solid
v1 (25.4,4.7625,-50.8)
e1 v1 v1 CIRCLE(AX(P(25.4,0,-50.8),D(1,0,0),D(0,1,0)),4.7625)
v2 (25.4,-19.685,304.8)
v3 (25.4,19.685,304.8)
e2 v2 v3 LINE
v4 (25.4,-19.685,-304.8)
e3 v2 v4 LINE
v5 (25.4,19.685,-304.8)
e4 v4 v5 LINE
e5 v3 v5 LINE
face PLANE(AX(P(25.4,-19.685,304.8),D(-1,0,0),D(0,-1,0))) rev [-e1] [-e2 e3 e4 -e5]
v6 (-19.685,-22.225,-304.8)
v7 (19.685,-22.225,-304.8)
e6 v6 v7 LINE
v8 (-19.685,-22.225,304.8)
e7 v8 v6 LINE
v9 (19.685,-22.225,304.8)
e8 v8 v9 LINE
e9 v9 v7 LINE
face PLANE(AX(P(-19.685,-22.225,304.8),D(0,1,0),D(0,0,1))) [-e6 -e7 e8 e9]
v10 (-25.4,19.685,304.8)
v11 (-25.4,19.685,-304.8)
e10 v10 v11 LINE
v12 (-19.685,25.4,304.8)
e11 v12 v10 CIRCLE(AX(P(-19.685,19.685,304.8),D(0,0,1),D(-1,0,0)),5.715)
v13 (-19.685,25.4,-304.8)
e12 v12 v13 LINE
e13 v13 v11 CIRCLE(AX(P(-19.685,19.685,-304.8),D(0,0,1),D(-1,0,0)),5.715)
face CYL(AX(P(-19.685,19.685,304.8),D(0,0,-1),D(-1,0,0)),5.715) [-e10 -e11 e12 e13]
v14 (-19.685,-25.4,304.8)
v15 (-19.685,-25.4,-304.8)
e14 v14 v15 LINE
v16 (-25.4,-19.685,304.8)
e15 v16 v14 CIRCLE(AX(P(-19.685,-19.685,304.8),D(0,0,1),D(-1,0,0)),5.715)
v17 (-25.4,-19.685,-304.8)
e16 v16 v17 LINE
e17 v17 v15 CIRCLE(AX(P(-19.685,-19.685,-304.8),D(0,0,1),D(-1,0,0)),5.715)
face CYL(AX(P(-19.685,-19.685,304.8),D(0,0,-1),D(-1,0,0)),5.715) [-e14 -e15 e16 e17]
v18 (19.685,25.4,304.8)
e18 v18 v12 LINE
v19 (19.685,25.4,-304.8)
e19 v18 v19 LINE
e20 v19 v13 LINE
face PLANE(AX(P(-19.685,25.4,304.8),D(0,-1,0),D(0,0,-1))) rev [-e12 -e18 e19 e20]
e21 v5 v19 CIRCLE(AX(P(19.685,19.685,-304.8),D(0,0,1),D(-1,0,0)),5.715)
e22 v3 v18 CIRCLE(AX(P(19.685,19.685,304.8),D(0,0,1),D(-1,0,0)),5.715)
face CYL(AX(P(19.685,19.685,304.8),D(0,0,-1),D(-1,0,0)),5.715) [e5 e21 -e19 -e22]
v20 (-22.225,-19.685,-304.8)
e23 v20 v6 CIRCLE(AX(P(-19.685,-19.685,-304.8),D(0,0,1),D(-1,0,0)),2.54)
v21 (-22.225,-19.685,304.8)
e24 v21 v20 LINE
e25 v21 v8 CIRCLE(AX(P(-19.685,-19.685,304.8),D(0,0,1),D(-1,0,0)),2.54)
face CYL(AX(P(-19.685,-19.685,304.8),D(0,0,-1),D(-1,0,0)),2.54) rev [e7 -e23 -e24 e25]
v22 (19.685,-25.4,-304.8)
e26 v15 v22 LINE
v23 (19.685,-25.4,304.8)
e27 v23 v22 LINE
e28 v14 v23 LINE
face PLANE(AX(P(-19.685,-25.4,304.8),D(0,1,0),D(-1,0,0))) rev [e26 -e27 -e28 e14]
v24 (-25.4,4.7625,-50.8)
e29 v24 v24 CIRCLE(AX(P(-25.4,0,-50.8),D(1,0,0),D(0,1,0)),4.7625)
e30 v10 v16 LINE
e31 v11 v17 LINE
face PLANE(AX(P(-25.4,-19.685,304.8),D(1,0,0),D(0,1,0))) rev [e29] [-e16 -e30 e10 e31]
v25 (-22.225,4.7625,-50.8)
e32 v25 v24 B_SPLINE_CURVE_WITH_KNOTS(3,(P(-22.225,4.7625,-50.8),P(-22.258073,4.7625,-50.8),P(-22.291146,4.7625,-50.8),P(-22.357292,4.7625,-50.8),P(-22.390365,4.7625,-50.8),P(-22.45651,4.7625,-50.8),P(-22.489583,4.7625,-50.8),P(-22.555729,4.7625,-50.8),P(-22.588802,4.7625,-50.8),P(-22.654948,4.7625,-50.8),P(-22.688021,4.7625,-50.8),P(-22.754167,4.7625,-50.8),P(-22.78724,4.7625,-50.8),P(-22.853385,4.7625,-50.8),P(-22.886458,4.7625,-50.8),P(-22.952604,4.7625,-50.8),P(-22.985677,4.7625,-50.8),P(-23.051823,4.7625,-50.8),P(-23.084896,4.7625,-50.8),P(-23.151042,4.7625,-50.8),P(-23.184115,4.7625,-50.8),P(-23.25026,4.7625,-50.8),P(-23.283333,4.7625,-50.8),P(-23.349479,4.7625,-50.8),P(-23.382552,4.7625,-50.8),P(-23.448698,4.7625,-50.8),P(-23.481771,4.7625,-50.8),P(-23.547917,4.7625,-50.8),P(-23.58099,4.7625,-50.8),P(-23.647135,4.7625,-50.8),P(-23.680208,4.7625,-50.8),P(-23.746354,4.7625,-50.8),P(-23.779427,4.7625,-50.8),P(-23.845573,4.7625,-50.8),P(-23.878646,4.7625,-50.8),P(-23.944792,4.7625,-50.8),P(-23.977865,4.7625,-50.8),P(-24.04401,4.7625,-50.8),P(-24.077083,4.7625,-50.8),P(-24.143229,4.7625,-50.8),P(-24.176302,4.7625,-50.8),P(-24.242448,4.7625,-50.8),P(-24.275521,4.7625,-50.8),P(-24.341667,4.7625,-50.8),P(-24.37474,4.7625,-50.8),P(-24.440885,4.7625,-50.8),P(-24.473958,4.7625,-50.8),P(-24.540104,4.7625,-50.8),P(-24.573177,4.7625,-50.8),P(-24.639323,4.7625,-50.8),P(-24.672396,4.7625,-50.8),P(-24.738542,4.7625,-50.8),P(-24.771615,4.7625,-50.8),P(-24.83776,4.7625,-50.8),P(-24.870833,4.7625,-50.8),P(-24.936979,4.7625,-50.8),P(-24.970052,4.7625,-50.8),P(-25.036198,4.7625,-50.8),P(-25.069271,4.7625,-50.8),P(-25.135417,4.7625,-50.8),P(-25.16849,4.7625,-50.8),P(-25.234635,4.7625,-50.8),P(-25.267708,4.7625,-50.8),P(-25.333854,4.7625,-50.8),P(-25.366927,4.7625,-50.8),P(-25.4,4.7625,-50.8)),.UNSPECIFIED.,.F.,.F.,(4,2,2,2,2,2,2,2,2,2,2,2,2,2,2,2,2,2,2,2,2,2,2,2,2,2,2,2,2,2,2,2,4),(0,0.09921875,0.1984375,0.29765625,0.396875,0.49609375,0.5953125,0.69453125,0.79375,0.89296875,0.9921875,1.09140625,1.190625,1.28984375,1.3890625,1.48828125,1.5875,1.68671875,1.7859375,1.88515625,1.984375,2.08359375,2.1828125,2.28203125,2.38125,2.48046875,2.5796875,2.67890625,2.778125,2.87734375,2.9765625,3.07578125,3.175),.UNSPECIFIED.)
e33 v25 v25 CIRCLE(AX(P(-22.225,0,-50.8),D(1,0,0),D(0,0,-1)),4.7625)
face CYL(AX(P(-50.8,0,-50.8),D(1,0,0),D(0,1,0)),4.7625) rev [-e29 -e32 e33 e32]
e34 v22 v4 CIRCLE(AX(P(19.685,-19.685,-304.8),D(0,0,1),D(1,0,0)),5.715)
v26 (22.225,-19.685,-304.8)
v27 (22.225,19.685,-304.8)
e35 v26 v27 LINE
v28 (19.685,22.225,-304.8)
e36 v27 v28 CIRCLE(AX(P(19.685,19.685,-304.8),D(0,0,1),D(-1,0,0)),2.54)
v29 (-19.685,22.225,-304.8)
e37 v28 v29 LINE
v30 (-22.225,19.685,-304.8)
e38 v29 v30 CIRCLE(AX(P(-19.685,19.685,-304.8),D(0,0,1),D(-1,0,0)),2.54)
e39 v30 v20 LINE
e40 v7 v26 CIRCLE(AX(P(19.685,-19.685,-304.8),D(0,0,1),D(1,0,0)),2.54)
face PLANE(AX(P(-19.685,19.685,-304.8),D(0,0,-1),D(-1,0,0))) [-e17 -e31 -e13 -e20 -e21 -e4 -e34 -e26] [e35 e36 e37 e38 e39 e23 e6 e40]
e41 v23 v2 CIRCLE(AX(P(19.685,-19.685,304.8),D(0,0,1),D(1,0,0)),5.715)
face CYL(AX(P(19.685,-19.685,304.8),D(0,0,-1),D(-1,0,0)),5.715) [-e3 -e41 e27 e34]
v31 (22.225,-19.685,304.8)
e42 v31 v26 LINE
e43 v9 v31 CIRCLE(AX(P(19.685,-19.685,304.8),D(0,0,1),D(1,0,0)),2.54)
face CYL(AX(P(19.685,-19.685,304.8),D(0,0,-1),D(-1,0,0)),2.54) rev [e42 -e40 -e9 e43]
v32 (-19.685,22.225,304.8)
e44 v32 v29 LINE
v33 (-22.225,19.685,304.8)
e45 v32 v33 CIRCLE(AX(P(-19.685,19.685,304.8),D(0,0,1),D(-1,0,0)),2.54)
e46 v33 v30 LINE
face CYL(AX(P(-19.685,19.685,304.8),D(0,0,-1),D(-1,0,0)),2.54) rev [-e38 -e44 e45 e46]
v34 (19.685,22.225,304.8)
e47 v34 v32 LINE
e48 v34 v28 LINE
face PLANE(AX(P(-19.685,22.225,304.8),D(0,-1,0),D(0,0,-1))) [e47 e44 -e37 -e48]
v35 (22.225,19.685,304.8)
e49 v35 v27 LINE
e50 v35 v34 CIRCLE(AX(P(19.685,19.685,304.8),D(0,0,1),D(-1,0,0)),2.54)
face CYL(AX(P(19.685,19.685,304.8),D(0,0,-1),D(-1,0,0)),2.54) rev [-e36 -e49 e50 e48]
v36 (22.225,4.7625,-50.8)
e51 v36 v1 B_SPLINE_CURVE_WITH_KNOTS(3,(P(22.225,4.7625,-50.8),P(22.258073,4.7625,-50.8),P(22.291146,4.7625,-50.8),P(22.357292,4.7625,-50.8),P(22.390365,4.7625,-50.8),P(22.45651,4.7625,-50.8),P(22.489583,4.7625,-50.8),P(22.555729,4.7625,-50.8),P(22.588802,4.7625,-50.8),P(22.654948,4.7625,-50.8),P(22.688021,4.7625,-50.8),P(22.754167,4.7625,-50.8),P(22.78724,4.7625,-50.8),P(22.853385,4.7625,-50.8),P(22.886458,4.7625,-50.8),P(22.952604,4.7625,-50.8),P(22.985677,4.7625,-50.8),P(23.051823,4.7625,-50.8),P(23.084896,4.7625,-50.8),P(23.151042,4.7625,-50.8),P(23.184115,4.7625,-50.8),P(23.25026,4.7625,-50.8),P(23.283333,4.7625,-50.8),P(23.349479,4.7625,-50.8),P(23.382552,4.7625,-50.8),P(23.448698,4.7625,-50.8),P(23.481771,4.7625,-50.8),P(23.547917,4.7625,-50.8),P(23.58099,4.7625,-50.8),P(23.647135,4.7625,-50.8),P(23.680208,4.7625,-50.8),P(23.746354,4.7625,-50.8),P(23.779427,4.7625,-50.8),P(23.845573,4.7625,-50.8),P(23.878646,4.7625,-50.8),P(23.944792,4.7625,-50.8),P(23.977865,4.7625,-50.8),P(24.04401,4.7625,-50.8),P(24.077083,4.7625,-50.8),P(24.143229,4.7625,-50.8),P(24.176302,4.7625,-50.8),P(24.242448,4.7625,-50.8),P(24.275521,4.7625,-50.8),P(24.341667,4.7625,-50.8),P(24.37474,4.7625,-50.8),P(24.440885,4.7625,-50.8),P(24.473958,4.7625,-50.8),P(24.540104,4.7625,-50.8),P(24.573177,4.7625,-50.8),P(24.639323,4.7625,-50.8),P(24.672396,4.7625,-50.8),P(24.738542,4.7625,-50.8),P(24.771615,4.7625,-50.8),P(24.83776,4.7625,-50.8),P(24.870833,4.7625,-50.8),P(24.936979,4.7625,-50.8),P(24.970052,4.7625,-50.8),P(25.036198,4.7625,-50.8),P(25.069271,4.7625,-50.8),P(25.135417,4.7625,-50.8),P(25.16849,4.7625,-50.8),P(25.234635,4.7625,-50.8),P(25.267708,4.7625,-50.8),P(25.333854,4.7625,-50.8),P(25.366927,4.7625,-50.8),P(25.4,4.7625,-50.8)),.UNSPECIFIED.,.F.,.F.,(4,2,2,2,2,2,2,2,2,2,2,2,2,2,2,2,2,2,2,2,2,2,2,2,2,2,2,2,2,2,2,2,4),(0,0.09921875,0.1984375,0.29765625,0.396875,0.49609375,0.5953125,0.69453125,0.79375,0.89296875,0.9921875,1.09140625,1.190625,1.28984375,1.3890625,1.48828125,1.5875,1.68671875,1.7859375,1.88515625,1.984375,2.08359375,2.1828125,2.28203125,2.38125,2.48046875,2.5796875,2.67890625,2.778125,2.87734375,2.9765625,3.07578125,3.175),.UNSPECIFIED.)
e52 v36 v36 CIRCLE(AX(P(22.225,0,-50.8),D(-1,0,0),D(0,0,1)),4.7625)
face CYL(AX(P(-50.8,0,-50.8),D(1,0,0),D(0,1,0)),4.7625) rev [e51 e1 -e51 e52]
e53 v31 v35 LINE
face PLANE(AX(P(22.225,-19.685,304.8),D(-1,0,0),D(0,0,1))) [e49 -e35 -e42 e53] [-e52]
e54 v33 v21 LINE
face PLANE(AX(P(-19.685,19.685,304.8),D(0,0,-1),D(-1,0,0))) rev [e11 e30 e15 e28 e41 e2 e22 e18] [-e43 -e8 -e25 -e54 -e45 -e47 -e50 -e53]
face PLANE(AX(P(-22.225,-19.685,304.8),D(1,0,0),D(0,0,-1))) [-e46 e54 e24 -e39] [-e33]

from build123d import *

# Parameters (mm, degrees)
BOSS_EXTRUDE1_DEPTH = 304.8
SKETCH3_R           = 4.7625
CUT_EXTRUDE2_DEPTH  = 76.2


with BuildPart() as part:
    # Sketch1 → Boss-Extrude1 (new, symmetric)
    with BuildSketch(Plane.XY):
        with BuildLine():
            Line((-19.685, 25.4), (19.685, 25.4))
            ThreePointArc((19.685, 25.4), (23.726115254, 23.726115254), (25.4, 19.685))
            Line((25.4, 19.685), (25.4, -19.685))
            ThreePointArc((25.4, -19.685), (23.726115254, -23.726115254), (19.685, -25.4))
            Line((19.685, -25.4), (-19.685, -25.4))
            ThreePointArc((-19.685, -25.4), (-23.726115254, -23.726115254), (-25.4, -19.685))
            Line((-25.4, -19.685), (-25.4, 19.685))
            ThreePointArc((-25.4, 19.685), (-23.726115254, 23.726115254), (-19.685, 25.4))
        make_face()
        with BuildLine():
            Line((-19.685, -22.225), (19.685, -22.225))
            ThreePointArc((19.685, -22.225), (21.481051224, -21.481051224), (22.225, -19.685))
            Line((22.225, -19.685), (22.225, 19.685))
            ThreePointArc((22.225, 19.685), (21.481051224, 21.481051224), (19.685, 22.225))
            Line((19.685, 22.225), (-19.685, 22.225))
            ThreePointArc((-19.685, 22.225), (-21.481051224, 21.481051224), (-22.225, 19.685))
            Line((-22.225, 19.685), (-22.225, -19.685))
            ThreePointArc((-22.225, -19.685), (-21.481051224, -21.481051224), (-19.685, -22.225))
        make_face(mode=Mode.SUBTRACT)
    extrude(amount=BOSS_EXTRUDE1_DEPTH, both=True)

    # Sketch3 → Cut-Extrude2 (cut)
    with BuildSketch(Plane(origin=(25.4, 0, 0), x_dir=(0, 0, -1), z_dir=(1, 0, 0))):
        with Locations(Location((50.8, 0, 0), (0, 0, 90))):
            Circle(SKETCH3_R)
    extrude(amount=-CUT_EXTRUDE2_DEPTH, mode=Mode.SUBTRACT)


solid = part.part
